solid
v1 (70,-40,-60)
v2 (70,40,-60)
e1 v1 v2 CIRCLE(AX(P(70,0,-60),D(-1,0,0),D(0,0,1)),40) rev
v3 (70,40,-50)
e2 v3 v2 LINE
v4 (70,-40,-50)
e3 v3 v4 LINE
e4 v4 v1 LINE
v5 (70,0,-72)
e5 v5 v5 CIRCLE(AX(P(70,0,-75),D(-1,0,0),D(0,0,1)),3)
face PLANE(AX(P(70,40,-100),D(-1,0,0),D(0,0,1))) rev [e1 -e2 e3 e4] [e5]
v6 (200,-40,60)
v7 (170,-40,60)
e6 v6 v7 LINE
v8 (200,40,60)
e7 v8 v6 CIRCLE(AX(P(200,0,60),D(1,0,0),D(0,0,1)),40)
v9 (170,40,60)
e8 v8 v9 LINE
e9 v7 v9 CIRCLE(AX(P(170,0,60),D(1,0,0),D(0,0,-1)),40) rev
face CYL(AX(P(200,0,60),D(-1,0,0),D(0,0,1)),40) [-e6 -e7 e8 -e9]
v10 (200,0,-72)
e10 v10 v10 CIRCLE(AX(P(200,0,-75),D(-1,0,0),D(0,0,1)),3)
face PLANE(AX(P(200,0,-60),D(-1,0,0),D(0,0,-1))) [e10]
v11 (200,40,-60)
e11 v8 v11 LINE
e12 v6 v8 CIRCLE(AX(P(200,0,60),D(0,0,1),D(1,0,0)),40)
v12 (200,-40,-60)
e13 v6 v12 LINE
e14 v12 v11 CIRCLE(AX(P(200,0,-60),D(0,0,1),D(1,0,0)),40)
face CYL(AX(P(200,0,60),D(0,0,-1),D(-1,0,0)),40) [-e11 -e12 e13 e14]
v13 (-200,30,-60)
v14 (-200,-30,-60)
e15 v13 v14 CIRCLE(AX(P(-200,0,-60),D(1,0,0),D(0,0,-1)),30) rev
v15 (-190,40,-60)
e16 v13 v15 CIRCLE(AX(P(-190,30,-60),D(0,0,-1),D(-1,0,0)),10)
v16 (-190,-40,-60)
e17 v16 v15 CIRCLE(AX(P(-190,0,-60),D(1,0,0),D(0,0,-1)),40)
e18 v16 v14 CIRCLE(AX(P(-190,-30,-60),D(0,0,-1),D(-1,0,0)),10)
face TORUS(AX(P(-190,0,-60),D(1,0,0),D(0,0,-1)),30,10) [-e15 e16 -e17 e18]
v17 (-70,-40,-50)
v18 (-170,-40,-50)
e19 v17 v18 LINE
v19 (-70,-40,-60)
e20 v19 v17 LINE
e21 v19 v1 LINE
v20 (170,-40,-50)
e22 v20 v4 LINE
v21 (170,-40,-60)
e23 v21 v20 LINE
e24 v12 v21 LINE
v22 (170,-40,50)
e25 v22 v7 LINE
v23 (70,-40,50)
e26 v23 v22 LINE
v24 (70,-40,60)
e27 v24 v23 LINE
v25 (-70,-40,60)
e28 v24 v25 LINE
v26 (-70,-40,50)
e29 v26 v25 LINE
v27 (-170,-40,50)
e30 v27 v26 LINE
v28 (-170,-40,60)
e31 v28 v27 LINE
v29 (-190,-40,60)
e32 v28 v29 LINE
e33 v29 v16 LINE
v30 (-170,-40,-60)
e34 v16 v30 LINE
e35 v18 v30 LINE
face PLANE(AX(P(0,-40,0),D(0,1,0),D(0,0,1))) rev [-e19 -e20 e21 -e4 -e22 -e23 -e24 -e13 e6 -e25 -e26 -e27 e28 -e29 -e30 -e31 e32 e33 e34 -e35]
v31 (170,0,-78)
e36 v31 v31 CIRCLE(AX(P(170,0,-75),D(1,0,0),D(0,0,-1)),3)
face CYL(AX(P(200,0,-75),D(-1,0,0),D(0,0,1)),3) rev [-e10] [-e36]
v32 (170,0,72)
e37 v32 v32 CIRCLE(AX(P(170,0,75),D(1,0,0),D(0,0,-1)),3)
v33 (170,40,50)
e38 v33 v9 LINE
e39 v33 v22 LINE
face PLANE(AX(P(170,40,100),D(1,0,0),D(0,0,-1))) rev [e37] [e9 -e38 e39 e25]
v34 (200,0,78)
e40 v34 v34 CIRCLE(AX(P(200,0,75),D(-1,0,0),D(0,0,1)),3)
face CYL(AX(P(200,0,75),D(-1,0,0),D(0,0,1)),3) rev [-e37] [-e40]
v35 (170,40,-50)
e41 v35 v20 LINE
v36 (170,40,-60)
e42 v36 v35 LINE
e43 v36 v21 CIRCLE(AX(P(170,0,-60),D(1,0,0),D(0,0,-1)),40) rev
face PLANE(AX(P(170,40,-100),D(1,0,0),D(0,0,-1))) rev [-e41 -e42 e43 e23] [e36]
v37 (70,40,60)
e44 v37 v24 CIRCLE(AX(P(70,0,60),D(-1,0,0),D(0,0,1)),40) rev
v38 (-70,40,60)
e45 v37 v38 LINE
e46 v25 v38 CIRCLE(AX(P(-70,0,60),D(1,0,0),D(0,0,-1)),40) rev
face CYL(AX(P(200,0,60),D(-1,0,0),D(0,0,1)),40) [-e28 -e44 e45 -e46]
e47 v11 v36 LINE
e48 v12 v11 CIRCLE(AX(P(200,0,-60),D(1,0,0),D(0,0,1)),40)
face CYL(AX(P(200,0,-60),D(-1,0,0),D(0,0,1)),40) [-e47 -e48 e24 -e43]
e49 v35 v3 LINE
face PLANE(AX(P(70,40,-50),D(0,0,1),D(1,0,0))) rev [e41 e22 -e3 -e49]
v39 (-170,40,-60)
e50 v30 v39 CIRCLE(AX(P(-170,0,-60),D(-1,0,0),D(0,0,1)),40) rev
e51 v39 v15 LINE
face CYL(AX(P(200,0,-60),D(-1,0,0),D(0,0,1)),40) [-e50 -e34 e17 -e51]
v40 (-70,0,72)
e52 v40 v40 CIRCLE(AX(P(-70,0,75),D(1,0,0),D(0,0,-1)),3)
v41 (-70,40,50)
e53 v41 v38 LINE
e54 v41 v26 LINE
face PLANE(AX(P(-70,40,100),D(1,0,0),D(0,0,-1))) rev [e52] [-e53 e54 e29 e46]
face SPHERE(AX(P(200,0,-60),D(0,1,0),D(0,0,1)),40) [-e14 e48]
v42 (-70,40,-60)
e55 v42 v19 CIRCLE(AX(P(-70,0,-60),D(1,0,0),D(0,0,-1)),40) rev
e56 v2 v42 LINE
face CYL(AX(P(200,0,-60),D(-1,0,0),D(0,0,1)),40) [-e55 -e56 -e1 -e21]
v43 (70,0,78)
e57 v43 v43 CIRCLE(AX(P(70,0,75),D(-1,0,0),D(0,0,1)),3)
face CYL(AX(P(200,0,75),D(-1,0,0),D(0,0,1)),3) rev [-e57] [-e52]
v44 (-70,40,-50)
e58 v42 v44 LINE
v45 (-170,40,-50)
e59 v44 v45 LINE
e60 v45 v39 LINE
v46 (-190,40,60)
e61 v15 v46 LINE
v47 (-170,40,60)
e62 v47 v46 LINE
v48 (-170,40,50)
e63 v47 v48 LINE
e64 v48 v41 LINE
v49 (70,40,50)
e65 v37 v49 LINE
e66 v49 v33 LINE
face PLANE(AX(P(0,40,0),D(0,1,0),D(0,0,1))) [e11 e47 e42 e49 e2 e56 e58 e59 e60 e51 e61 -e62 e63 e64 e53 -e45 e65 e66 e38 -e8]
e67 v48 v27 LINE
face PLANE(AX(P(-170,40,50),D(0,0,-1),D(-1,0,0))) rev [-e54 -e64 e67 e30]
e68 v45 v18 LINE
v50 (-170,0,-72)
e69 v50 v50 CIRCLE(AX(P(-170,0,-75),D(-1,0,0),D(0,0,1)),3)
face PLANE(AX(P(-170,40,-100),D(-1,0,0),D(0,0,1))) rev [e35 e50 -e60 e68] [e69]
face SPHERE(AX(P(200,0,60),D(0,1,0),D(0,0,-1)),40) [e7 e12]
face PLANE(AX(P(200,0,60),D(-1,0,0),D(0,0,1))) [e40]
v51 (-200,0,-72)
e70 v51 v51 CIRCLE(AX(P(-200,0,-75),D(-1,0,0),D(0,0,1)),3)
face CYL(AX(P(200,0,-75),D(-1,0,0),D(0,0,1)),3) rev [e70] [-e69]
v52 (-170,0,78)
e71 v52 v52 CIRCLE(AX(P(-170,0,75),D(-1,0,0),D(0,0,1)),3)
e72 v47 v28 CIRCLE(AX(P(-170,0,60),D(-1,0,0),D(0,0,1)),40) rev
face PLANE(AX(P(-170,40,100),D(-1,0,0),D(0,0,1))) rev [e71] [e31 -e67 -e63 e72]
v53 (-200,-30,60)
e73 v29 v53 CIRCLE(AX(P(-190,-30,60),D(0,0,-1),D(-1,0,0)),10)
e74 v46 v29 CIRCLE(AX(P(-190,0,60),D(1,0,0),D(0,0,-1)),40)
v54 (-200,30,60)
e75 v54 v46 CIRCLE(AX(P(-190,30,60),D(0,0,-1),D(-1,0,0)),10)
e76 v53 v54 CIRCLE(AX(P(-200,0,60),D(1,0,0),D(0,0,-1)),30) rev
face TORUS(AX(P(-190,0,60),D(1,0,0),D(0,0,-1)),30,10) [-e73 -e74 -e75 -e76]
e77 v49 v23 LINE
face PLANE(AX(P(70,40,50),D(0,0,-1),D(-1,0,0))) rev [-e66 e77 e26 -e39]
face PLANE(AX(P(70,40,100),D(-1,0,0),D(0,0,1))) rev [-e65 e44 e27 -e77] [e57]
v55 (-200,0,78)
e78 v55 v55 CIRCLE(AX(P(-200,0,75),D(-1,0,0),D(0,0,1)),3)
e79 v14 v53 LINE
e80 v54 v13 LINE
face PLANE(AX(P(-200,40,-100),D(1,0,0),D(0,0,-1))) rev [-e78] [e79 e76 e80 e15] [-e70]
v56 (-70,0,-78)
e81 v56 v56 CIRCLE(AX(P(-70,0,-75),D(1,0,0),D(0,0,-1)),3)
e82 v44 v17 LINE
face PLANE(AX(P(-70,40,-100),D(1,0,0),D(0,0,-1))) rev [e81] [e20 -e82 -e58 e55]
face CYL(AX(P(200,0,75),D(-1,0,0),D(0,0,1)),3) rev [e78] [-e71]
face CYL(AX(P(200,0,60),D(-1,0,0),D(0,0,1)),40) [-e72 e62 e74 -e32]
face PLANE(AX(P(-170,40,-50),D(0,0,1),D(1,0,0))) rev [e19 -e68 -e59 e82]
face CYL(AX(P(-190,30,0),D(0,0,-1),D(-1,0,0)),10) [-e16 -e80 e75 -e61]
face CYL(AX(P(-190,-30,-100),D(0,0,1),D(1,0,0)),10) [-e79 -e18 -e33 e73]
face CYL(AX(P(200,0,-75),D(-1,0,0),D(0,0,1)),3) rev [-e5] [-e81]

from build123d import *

# Parameters (mm, degrees)
BOSS_EXTRUDE1_DEPTH     = 40
CUT_EXTRUDE1_DEPTH      = 291.688837075
CUT_EXTRUDE1_DEPTH_BACK = 291.688837075
SKETCH2_R               = 3
CUT_EXTRUDE2_DEPTH      = 291.688837075
CUT_EXTRUDE2_DEPTH_BACK = 291.688837075
SKETCH3_R               = 3
CUT_EXTRUDE3_DEPTH      = 415.246303544
CUT_EXTRUDE3_DEPTH_BACK = 415.246303544
CUT_EXTRUDE4_DEPTH      = 415.246303544
CUT_EXTRUDE4_DEPTH_BACK = 415.246303544
BOSS_EXTRUDE3_DEPTH     = 60
REVOLVE1_ANGLE          = 90
FILLET1_R               = 10


with BuildPart() as part:
    # Sketch1 → Boss-Extrude1 (new, symmetric)
    with BuildSketch(Plane(origin=(0, 0, 0), x_dir=(1, 0, 0), z_dir=(0, 1, 0))):
        Polygon((-200, 100), (-170, 100), (-170, 50), (-70, 50), (-70, 100), (70, 100), (70, 50), (170, 50), (170, 100), (200, 100), (200, -100), (170, -100), (170, -50), (70, -50), (70, -100), (-70, -100), (-70, -50), (-170, -50), (-170, -100), (-200, -100), align=None)
    extrude(amount=BOSS_EXTRUDE1_DEPTH, both=True)

    # Sketch2 → Cut-Extrude1 (cut, two sides: drawn at the far end of the back side and taken through both)
    with BuildSketch(Plane.ZY.offset(70).offset(-CUT_EXTRUDE1_DEPTH_BACK)):
        with Locations((-75, 0)):
            Circle(SKETCH2_R)
    extrude(amount=CUT_EXTRUDE1_DEPTH + CUT_EXTRUDE1_DEPTH_BACK, mode=Mode.SUBTRACT)

    # Sketch3 → Cut-Extrude2 (cut, two sides: drawn at the far end of the back side and taken through both)
    with BuildSketch(Plane.ZY.offset(70).offset(-CUT_EXTRUDE2_DEPTH_BACK)):
        with Locations((75, 0)):
            Circle(SKETCH3_R)
    extrude(amount=CUT_EXTRUDE2_DEPTH + CUT_EXTRUDE2_DEPTH_BACK, mode=Mode.SUBTRACT)

    # Sketch4 → Cut-Extrude3 (cut, two sides: drawn at the far end of the back side and taken through both)
    with BuildSketch(Plane.ZY.offset(200).offset(-CUT_EXTRUDE3_DEPTH_BACK)):
        with BuildLine():
            Line((-60, -40), (-60, -70.289993794))
            Line((-60, -70.289993794), (-136.864216991, -70.289993794))
            Line((-136.864216991, -70.289993794), (-136.864216991, 63.942219024))
            Line((-136.864216991, 63.942219024), (-60, 63.942219024))
            Line((-60, 63.942219024), (-60, 40))
            ThreePointArc((-60, 40), (-100, 0), (-60, -40))
        make_face()
    extrude(amount=CUT_EXTRUDE3_DEPTH + CUT_EXTRUDE3_DEPTH_BACK, mode=Mode.SUBTRACT)

    # Sketch5 → Cut-Extrude4 (cut, two sides: drawn at the far end of the back side and taken through both)
    with BuildSketch(Plane.ZY.offset(200).offset(-CUT_EXTRUDE4_DEPTH_BACK)):
        with BuildLine():
            Line((60, -40), (60, -76.328121014))
            Line((60, -76.328121014), (141.05428579, -76.328121014))
            Line((141.05428579, -76.328121014), (141.05428579, 68.89657982))
            Line((141.05428579, 68.89657982), (60, 68.89657982))
            Line((60, 68.89657982), (60, 40))
            ThreePointArc((60, 40), (100, 0), (60, -40))
        make_face()
    extrude(amount=CUT_EXTRUDE4_DEPTH + CUT_EXTRUDE4_DEPTH_BACK, mode=Mode.SUBTRACT)

    # Sketch7 → Boss-Extrude3 (add, symmetric)
    with BuildSketch(Plane.XY):
        with BuildLine():
            Line((200, 40), (200, -40))
            ThreePointArc((200, -40), (240, 0), (200, 40))
        make_face()
    extrude(amount=BOSS_EXTRUDE3_DEPTH, both=True)

    # Sketch8 → Revolve1 (revolve)
    with BuildSketch(Plane.XY.offset(60)):
        with BuildLine():
            Line((200, 40), (200, -40))
            ThreePointArc((200, -40), (240, 0), (200, 40))
        make_face()
    revolve1 = revolve(axis=Axis((200, 40, 60), (0, -1, 0)), revolution_arc=REVOLVE1_ANGLE)

    # Mirror1: Revolve1 across plane
    add(revolve1.mirror(Plane.XY))

    # Fillet1
    fillet1_edges = [part.edges().sort_by_distance(p)[0] for p in [
        (-200, 0, 100),
        (-200, -40, 0),
        (-200, 40, 0),
        (-200, 0, -100),
    ]]
    fillet(fillet1_edges, radius=FILLET1_R)


solid = part.part
